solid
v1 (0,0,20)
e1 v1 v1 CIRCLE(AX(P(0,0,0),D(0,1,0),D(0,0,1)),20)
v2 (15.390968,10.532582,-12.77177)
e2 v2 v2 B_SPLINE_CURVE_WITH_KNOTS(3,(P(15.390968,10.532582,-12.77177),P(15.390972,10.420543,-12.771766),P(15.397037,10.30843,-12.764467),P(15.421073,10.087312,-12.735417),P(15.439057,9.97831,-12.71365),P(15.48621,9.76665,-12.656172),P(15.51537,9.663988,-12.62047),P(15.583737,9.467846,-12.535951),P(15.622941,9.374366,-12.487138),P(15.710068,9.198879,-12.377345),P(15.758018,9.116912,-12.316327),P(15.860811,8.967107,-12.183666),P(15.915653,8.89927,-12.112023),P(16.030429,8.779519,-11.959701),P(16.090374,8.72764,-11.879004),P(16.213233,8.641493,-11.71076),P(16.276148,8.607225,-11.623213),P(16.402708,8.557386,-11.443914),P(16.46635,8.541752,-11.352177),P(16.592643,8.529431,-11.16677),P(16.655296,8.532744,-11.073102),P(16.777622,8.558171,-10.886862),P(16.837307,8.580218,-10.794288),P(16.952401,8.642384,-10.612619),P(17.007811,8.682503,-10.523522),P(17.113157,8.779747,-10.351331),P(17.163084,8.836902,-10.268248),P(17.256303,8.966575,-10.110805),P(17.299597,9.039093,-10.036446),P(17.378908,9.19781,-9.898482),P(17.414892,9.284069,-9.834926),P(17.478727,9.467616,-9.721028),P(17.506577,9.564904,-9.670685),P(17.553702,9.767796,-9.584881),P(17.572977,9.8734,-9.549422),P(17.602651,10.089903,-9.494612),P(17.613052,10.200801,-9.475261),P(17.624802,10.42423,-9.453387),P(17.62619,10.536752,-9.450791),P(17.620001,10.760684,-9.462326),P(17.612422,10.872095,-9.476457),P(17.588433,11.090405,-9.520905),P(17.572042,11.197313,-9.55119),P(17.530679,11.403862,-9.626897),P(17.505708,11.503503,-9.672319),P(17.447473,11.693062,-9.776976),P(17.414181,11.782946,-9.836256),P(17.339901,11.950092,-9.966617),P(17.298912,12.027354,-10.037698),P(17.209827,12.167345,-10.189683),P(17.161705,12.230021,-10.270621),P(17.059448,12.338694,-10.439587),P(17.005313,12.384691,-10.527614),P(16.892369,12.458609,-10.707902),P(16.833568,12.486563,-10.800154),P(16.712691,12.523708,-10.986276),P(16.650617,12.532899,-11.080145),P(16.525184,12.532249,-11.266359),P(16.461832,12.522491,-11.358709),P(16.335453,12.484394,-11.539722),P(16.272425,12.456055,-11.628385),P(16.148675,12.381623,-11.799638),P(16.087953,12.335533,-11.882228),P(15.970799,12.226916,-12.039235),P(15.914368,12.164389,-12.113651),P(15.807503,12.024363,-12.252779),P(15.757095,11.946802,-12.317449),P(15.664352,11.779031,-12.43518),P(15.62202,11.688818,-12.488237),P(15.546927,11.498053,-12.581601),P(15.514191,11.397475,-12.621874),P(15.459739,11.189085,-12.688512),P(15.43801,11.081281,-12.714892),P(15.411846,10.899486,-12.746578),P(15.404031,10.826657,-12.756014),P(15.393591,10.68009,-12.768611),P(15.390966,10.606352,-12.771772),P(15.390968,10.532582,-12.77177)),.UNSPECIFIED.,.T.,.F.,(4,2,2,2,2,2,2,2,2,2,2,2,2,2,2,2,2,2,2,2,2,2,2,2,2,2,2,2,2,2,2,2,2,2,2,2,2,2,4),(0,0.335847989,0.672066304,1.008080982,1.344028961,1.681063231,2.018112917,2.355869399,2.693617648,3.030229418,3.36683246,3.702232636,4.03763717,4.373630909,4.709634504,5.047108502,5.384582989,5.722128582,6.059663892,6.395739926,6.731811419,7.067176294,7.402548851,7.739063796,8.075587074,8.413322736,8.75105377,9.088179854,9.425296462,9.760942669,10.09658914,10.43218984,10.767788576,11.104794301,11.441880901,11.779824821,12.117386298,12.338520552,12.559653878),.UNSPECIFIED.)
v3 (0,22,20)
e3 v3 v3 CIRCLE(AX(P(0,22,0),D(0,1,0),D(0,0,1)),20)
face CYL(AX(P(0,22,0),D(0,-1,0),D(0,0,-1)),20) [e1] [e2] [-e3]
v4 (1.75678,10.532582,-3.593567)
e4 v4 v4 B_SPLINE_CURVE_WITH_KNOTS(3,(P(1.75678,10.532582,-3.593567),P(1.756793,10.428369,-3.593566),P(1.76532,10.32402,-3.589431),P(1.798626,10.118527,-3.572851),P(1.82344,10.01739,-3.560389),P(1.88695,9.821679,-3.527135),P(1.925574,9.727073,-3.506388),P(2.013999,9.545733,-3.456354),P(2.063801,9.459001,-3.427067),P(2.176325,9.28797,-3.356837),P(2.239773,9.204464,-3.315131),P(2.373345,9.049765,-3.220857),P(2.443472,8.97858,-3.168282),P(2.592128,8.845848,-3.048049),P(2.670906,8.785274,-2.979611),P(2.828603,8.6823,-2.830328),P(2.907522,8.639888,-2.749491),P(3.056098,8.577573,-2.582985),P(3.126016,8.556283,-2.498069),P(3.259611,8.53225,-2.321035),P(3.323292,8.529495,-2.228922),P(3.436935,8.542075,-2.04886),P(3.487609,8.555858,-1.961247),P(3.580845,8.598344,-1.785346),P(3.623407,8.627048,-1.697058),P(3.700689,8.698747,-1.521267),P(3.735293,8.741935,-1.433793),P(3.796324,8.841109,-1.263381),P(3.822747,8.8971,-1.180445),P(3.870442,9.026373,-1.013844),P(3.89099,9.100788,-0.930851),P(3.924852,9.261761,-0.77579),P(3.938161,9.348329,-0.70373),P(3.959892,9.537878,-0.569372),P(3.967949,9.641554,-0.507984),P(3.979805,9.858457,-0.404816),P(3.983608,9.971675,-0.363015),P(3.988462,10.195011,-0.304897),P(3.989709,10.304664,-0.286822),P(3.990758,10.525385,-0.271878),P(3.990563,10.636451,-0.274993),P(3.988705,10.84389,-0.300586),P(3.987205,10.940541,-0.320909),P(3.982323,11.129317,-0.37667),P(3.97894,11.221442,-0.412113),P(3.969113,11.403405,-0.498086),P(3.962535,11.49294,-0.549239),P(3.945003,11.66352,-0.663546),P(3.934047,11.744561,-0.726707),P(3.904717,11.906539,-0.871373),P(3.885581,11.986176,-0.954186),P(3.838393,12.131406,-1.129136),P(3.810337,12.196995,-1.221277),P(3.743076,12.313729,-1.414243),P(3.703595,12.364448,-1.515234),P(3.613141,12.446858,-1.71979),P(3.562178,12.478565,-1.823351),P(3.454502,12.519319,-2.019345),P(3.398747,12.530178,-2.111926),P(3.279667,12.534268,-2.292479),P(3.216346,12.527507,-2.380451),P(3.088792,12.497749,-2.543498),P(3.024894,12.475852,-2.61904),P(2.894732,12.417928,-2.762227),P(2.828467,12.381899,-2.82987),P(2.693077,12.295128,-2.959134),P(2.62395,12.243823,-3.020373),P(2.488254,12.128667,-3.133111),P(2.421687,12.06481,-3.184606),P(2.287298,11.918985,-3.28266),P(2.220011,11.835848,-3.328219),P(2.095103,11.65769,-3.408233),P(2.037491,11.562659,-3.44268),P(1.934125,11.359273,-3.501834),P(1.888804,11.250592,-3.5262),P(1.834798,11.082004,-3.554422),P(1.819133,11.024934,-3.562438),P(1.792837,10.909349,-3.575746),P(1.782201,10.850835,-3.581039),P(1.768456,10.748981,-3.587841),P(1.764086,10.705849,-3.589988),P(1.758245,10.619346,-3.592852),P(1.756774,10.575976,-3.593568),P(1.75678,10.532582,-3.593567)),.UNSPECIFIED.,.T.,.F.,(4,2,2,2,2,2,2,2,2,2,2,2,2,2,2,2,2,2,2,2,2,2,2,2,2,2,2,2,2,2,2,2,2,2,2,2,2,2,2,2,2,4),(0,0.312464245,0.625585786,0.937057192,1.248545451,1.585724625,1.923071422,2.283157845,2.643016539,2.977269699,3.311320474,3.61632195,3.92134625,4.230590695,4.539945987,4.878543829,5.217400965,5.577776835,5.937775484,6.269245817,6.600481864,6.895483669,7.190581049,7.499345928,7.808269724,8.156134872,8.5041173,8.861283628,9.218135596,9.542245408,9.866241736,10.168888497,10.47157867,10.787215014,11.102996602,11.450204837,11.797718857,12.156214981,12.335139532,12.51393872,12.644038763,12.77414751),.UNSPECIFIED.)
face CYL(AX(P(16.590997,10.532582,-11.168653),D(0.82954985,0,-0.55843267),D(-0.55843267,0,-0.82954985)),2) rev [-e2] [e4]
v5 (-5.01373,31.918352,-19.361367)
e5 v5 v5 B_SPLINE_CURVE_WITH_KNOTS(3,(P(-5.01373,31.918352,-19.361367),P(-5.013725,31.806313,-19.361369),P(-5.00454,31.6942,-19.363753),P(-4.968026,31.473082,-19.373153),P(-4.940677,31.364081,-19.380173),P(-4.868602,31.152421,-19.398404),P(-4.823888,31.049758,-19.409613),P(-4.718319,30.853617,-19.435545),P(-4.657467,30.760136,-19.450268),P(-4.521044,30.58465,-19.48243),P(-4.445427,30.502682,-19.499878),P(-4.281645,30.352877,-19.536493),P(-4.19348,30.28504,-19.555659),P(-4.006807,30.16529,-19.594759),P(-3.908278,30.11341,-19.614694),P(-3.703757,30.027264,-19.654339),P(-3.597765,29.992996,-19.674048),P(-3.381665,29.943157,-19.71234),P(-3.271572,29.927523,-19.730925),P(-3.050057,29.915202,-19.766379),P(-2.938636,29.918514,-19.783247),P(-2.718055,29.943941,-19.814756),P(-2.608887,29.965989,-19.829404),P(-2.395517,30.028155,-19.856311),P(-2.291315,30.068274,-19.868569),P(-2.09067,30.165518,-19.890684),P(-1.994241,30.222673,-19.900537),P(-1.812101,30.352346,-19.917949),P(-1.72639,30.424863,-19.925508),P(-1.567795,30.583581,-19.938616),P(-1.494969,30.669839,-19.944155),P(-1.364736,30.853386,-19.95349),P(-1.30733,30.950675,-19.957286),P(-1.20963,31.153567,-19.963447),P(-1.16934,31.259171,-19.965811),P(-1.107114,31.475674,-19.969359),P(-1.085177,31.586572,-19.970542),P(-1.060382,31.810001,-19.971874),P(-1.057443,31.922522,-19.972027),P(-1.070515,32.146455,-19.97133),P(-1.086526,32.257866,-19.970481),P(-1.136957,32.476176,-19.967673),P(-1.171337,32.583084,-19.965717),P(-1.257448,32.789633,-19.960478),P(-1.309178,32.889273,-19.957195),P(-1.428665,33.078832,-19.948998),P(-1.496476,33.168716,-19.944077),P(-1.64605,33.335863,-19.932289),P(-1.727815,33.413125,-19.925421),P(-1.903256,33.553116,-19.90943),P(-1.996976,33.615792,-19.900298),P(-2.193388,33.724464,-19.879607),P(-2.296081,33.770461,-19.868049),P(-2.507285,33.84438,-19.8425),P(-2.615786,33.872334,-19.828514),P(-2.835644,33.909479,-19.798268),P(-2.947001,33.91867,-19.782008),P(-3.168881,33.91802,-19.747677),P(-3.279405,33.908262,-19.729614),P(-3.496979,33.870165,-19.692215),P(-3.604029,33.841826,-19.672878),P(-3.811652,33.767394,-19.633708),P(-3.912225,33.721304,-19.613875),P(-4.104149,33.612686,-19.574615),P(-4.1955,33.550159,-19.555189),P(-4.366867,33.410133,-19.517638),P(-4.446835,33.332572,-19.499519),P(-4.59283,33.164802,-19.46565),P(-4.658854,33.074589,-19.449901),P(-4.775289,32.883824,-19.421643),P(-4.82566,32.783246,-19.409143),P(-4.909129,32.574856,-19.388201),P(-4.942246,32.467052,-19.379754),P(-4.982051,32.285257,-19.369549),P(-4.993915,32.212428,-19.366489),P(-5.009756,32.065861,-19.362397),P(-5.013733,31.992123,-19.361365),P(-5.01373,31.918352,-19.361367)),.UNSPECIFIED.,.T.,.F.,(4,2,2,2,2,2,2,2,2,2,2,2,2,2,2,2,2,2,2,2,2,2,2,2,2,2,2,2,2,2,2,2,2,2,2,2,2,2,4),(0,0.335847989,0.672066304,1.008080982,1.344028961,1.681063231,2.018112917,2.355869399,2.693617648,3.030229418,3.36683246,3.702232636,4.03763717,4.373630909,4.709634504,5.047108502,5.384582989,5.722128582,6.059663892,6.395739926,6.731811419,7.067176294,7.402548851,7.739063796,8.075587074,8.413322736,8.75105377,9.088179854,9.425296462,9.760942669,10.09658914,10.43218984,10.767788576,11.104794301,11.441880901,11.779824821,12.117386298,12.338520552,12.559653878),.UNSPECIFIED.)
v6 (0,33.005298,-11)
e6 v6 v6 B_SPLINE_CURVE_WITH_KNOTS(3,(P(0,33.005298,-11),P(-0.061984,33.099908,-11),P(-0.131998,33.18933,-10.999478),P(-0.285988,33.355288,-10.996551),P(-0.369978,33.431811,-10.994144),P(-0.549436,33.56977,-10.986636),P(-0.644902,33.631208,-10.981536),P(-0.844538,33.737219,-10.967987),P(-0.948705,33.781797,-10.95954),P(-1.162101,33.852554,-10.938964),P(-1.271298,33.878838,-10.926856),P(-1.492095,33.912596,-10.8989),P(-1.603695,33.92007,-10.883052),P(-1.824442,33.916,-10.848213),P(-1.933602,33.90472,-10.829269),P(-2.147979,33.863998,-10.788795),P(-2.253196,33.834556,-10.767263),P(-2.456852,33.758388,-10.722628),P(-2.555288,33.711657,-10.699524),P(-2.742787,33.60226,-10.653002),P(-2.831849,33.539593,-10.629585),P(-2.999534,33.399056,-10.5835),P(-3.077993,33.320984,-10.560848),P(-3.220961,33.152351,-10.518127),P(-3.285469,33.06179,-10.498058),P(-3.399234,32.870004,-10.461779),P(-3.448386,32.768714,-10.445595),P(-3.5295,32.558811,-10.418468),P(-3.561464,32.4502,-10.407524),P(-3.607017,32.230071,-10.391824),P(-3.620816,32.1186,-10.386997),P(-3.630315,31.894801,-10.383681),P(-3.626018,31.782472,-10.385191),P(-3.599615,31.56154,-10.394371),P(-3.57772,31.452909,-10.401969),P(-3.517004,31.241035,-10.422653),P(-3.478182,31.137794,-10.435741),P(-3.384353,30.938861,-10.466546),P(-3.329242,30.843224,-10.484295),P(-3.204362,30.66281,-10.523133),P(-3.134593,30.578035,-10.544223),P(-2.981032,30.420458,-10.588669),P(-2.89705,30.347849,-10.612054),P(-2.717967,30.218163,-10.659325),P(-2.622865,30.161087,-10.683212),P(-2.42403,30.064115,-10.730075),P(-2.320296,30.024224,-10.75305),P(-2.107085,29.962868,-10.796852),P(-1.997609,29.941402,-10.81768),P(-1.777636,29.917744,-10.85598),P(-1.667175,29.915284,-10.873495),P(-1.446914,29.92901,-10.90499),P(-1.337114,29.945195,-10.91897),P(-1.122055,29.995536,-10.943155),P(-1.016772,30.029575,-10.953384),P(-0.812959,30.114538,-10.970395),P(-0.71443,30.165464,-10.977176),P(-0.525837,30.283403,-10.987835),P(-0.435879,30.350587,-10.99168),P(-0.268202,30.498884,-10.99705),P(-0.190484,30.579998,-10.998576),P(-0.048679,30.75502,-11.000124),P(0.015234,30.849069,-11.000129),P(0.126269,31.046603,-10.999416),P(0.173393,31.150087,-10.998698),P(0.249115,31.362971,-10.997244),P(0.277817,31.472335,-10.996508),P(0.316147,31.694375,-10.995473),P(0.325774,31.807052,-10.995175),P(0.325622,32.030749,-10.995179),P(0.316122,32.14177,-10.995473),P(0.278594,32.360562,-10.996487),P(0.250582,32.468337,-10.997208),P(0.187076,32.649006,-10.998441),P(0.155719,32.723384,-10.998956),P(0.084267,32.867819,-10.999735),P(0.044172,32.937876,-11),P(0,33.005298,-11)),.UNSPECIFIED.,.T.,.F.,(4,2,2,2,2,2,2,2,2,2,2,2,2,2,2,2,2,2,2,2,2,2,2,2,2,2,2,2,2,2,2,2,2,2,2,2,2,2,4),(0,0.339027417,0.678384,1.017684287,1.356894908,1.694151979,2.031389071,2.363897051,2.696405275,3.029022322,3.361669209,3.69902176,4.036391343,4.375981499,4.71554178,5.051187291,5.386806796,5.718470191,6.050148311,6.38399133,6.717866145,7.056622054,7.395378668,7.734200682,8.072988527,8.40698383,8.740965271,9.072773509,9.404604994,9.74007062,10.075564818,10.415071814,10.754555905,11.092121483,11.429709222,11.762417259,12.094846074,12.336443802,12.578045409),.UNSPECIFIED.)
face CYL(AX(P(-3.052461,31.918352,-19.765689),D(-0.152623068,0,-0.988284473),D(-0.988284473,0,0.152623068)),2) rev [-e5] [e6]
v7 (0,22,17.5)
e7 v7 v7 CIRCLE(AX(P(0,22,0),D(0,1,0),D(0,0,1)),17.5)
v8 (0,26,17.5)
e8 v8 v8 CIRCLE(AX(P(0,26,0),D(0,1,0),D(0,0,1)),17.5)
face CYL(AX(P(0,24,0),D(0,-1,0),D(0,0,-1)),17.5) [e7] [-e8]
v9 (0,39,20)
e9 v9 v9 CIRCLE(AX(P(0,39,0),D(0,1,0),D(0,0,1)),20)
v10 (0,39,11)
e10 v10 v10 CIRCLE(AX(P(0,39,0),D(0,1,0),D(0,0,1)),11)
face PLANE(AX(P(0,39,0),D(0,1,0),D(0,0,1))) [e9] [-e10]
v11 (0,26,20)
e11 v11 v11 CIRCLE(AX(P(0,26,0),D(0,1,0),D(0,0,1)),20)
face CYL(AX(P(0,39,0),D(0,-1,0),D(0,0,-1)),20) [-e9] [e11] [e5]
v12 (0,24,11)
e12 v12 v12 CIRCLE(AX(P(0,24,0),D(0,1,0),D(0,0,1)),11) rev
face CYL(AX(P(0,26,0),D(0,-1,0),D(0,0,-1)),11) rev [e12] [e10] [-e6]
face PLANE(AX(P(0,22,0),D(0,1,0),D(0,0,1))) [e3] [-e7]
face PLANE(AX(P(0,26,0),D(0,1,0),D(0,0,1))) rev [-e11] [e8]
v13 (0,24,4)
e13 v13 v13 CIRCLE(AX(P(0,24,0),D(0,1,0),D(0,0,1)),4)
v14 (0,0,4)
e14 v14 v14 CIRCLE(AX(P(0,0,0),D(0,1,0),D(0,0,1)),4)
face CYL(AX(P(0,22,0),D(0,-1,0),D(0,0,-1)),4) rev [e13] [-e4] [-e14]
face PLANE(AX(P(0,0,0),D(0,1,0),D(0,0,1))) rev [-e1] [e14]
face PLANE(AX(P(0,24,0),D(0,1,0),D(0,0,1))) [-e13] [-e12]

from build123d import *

# Parameters (mm, degrees)
SKETCH1_R                     = 20
SKETCH1_R_2                   = 4
BOSS_EXTRUDE1_DEPTH           = 22
SKETCH2_R                     = 17.5
SKETCH2_R_2                   = 4
BOSS_EXTRUDE2_DEPTH           = 2
SKETCH3_R                     = 17.5
SKETCH3_R_2                   = 11
BOSS_EXTRUDE3_DEPTH           = 2
SKETCH4_R                     = 20
SKETCH4_R_2                   = 11
BOSS_EXTRUDE4_DEPTH           = 13
F_4_0_4_DIAMETER_HOLE1_REACH  = 57.864
F_4_0_4_DIAMETER_HOLE1_BORE_R = 2
F_4_0_4_DIAMETER_HOLE2_REACH  = 57.96
F_4_0_4_DIAMETER_HOLE2_BORE_R = 2


with BuildPart() as part:
    # Sketch1 → Boss-Extrude1 (new body)
    with BuildSketch(Plane(origin=(0, 0, 0), x_dir=(1, 0, 0), z_dir=(0, 1, 0))):
        with Locations(Location((0, 0, 0), (0, 0, 270))):
            Circle(SKETCH1_R)
        with Locations(Location((0, 0, 0), (0, 0, 270))):
            Circle(SKETCH1_R_2, mode=Mode.SUBTRACT)
    extrude(amount=BOSS_EXTRUDE1_DEPTH)

    # Sketch2 → Boss-Extrude2 (add)
    with BuildSketch(Plane(origin=(0, 22, 0), x_dir=(1, 0, 0), z_dir=(0, 1, 0))):
        with Locations(Location((0, 0, 0), (0, 0, 270))):
            Circle(SKETCH2_R)
        with Locations(Location((0, 0, 0), (0, 0, 270))):
            Circle(SKETCH2_R_2, mode=Mode.SUBTRACT)
    extrude(amount=BOSS_EXTRUDE2_DEPTH)

    # Sketch3 → Boss-Extrude3 (add)
    with BuildSketch(Plane(origin=(0, 24, 0), x_dir=(1, 0, 0), z_dir=(0, 1, 0))):
        with Locations(Location((0, 0, 0), (0, 0, 270))):
            Circle(SKETCH3_R)
        with Locations(Location((0, 0, 0), (0, 0, 270))):
            Circle(SKETCH3_R_2, mode=Mode.SUBTRACT)
    extrude(amount=BOSS_EXTRUDE3_DEPTH)

    # Sketch4 → Boss-Extrude4 (add)
    with BuildSketch(Plane(origin=(0, 26, 0), x_dir=(1, 0, 0), z_dir=(0, 1, 0))):
        with Locations(Location((0, 0, 0), (0, 0, 270))):
            Circle(SKETCH4_R)
        with Locations(Location((0, 0, 0), (0, 0, 270))):
            Circle(SKETCH4_R_2, mode=Mode.SUBTRACT)
    extrude(amount=BOSS_EXTRUDE4_DEPTH)

    # Ø4.0 (4) Diameter Hole1 bore (on position points) → Ø4.0 (4) Diameter Hole1 (cut, up to next)
    with BuildSketch(Plane(origin=(16.590996999, 10.532581899, -11.168653391), x_dir=(0.55843266957, 0, 0.829549849953), z_dir=(0.829549849953, 0, -0.55843266957)), mode=Mode.PRIVATE) as f_4_0_4_diameter_hole1_sk1:
        Circle(F_4_0_4_DIAMETER_HOLE1_BORE_R)
    f_4_0_4_diameter_hole1_tool1 = extrude(f_4_0_4_diameter_hole1_sk1.sketch, amount=-F_4_0_4_DIAMETER_HOLE1_REACH, mode=Mode.PRIVATE) & part.part
    add(f_4_0_4_diameter_hole1_tool1.solids().sort_by_distance((16.590997, 10.532582, -11.168653))[0], mode=Mode.SUBTRACT)

    # Ø4.0 (4) Diameter Hole2 bore (on position points) → Ø4.0 (4) Diameter Hole2 (cut, up to next)
    with BuildSketch(Plane(origin=(-3.052461352, 31.918352454, -19.765689457), x_dir=(-0.98828447283, 0, 0.152623067601), z_dir=(-0.152623067601, 0, -0.98828447283)), mode=Mode.PRIVATE) as f_4_0_4_diameter_hole2_sk1:
        Circle(F_4_0_4_DIAMETER_HOLE2_BORE_R)
    f_4_0_4_diameter_hole2_tool1 = extrude(f_4_0_4_diameter_hole2_sk1.sketch, amount=-F_4_0_4_DIAMETER_HOLE2_REACH, mode=Mode.PRIVATE) & part.part
    add(f_4_0_4_diameter_hole2_tool1.solids().sort_by_distance((-3.052461, 31.918352, -19.765689))[0], mode=Mode.SUBTRACT)


solid = part.part
